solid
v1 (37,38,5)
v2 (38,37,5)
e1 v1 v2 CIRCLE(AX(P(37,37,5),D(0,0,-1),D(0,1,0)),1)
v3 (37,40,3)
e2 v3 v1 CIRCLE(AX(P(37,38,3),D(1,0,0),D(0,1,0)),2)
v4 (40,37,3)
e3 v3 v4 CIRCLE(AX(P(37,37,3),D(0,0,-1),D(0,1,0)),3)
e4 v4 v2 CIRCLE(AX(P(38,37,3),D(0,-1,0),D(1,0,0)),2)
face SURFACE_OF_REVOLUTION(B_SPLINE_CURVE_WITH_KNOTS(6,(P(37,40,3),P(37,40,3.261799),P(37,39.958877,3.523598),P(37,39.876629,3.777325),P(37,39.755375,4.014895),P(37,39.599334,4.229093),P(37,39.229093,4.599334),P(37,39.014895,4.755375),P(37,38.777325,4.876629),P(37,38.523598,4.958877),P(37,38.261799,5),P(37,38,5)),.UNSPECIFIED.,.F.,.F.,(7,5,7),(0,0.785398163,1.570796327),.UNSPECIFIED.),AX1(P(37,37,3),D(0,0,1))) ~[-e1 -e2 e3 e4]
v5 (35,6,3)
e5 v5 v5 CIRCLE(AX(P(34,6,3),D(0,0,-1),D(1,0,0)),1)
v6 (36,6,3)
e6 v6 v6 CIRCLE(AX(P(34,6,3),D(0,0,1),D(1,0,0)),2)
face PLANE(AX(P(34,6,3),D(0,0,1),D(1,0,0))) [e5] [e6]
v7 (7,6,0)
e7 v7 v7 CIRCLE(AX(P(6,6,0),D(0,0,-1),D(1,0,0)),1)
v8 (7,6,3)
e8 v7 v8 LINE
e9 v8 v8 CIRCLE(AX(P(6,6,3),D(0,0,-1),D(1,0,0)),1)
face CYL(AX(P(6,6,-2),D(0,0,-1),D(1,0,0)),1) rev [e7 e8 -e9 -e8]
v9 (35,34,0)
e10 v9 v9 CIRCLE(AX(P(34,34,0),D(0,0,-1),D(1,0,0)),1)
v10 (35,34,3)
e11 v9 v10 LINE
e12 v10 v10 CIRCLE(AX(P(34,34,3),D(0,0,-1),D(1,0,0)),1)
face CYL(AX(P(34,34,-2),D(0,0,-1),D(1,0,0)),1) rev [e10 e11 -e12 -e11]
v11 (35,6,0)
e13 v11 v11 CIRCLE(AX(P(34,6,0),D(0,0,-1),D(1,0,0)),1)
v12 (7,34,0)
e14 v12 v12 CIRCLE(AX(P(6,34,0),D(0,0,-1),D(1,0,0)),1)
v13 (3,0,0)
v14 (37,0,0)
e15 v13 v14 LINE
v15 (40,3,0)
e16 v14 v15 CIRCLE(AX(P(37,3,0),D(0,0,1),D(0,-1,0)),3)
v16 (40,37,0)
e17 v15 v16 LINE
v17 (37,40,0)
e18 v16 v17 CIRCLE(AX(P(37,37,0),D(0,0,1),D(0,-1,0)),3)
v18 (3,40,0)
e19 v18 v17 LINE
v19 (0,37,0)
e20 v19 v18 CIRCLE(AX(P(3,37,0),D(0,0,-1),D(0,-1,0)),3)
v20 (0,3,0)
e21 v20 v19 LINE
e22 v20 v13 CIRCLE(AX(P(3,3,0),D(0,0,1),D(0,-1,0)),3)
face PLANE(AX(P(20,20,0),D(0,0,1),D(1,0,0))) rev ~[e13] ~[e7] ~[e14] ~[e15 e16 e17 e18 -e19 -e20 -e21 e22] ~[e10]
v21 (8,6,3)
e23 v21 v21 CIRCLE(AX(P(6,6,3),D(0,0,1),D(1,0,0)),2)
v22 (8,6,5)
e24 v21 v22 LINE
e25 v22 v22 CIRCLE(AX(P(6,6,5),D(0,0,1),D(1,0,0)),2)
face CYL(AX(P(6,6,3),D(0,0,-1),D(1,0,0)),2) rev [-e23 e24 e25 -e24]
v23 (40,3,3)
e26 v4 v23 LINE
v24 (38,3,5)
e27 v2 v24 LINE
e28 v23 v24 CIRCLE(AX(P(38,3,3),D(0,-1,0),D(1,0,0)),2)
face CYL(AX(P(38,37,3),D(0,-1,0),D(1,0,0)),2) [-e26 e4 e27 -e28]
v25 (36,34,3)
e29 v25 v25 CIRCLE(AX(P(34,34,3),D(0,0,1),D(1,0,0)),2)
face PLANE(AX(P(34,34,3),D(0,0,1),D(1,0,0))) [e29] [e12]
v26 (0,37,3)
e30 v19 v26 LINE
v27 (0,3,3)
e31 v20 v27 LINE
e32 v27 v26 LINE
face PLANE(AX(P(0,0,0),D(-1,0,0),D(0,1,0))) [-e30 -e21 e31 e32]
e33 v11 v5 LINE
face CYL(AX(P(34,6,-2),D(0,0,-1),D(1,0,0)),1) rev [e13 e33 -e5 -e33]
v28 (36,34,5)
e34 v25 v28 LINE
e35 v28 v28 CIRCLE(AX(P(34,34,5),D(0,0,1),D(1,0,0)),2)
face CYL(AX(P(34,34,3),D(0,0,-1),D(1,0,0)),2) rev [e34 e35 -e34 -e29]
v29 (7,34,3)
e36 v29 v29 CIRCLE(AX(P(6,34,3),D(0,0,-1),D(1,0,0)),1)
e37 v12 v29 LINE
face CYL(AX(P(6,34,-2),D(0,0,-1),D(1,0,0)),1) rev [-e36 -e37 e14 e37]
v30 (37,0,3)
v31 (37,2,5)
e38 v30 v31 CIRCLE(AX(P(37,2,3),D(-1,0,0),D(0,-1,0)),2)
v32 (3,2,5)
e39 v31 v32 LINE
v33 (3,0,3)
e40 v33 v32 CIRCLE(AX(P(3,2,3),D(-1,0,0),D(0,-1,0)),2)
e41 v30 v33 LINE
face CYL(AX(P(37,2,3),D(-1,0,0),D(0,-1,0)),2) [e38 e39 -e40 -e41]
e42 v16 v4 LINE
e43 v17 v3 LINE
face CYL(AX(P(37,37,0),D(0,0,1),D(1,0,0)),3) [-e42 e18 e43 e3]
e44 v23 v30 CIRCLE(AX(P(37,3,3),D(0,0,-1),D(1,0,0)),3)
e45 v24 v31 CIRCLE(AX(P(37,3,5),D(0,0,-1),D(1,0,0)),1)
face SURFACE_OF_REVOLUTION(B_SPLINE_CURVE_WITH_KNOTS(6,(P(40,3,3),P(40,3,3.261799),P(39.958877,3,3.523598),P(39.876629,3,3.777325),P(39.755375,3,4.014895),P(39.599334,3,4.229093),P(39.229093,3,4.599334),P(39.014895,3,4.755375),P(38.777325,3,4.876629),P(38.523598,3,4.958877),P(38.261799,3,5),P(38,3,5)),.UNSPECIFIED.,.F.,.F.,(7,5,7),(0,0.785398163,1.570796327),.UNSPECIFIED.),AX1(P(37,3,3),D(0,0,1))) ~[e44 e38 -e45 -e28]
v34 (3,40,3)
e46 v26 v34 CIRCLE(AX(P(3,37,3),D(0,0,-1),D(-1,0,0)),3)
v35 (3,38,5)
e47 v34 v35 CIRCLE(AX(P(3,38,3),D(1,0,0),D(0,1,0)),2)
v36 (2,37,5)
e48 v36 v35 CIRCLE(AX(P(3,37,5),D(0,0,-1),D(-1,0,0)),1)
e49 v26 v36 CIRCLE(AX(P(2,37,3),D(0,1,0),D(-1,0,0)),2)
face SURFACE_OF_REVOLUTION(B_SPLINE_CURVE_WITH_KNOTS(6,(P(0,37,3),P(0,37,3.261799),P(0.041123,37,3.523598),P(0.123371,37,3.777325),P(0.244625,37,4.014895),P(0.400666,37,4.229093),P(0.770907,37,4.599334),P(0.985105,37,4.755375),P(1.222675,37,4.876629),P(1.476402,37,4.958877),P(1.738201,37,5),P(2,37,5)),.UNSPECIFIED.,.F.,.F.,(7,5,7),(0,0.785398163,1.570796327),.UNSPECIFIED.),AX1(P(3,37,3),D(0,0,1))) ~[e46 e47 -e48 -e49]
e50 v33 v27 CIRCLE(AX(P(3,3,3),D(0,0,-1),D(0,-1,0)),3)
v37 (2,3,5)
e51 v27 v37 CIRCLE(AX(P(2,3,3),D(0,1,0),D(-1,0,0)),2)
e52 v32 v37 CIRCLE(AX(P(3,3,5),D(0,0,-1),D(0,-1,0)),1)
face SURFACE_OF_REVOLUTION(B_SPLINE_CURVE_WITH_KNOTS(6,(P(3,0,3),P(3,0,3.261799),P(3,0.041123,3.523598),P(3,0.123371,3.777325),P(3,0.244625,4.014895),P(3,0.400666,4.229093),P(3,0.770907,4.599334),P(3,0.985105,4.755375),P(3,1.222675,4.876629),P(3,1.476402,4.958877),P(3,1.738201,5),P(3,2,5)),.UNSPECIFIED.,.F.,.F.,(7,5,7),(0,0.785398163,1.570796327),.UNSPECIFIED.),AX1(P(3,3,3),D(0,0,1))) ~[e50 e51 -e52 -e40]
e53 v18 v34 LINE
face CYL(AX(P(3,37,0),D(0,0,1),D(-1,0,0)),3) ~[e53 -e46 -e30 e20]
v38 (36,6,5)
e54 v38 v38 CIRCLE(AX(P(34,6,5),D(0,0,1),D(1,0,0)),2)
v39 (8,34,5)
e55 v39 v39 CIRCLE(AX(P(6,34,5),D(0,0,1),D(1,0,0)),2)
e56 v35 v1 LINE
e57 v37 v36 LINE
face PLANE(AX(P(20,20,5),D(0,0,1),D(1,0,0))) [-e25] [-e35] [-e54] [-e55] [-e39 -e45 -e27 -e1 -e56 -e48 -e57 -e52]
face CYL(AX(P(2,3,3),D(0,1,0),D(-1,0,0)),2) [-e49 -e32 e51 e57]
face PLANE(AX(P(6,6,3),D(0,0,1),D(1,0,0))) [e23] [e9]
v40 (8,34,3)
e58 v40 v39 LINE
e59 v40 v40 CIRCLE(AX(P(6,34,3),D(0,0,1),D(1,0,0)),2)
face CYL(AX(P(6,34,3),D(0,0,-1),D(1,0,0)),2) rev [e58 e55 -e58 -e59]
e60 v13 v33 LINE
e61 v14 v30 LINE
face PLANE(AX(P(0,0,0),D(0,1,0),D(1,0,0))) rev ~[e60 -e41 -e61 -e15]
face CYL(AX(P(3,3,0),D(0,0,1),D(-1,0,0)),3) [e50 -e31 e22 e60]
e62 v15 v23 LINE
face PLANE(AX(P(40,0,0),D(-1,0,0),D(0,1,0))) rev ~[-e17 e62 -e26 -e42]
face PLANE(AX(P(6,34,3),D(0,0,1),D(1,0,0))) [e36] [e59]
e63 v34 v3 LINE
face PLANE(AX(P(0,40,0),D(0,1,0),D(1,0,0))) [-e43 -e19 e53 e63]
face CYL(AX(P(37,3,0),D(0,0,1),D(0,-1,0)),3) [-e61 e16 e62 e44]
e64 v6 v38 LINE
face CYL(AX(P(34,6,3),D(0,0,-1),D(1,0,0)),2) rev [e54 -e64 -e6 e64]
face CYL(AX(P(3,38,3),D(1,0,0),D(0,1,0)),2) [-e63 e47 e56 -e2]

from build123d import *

# Parameters (mm, degrees)
CYLINDER002_R     = 2
CYLINDER002_DEPTH = 2
ARRAY001_X_COUNT  = 2
ARRAY001_X_PITCH  = 28
ARRAY001_Y_COUNT  = 2
ARRAY001_Y_PITCH  = 28
CYLINDER001_R     = 1
CYLINDER001_DEPTH = 10
ARRAY_X_COUNT     = 2
ARRAY_X_PITCH     = 28
ARRAY_Y_COUNT     = 2
ARRAY_Y_PITCH     = 28
BOX_W             = 40
BOX_H             = 40
BOX_DEPTH         = 5
FILLET_R          = 3
FILLET001_R       = 2


with BuildPart() as array001:
    # Cylinder002 → Cylinder002 (new body)
    with BuildSketch(Plane(origin=(6, 6, 3), x_dir=(1, 0, 0), z_dir=(0, 0, 1))):
        Circle(CYLINDER002_R)
    extrude(amount=CYLINDER002_DEPTH)

    # Array001 X: Array001 ×2


with BuildPart() as array001_1:
    add(array001.part)
    with Locations(*[(i * ARRAY001_X_PITCH, 0, 0) for i in range(1, ARRAY001_X_COUNT)]):
        add(array001.part)

    # Array001 Y: Array001 ×2


with BuildPart() as array001_2:
    add(array001_1.part)
    with Locations(*[(0, i * ARRAY001_Y_PITCH, 0) for i in range(1, ARRAY001_Y_COUNT)]):
        add(array001_1.part)


with BuildPart() as array:
    # Cylinder001 → Cylinder001 (new body)
    with BuildSketch(Plane(origin=(6, 6, -2), x_dir=(1, 0, 0), z_dir=(0, 0, 1))):
        Circle(CYLINDER001_R)
    extrude(amount=CYLINDER001_DEPTH)

    # Array X: Array ×2


with BuildPart() as array_1:
    add(array.part)
    with Locations(*[(i * ARRAY_X_PITCH, 0, 0) for i in range(1, ARRAY_X_COUNT)]):
        add(array.part)

    # Array Y: Array ×2


with BuildPart() as array_2:
    add(array_1.part)
    with Locations(*[(0, i * ARRAY_Y_PITCH, 0) for i in range(1, ARRAY_Y_COUNT)]):
        add(array_1.part)


with BuildPart() as cut002:
    # Box → Box (new body)
    with BuildSketch(Plane.XY):
        with Locations((20, 20)):
            Rectangle(BOX_W, BOX_H)
    extrude(amount=BOX_DEPTH)

    # Fillet
    fillet_edges = [cut002.edges().sort_by_distance(p)[0] for p in [
        (0, 0, 2.5),
        (0, 40, 2.5),
        (40, 0, 2.5),
        (40, 40, 2.5),
    ]]
    fillet(fillet_edges, radius=FILLET_R)

    # Fillet001
    fillet001_edges = [cut002.edges().sort_by_distance(p)[0] for p in [
        (0, 20, 5),
        (0.87868, 0.87868, 5),
        (0.87868, 39.12132, 5),
        (20, 0, 5),
        (20, 40, 5),
        (39.12132, 0.87868, 5),
        (39.12132, 39.12132, 5),
        (40, 20, 5),
    ]]
    fillet(fillet001_edges, radius=FILLET001_R)

    # Cut001: cut Array
    add(array_2.part, mode=Mode.SUBTRACT)

    # Cut002: cut Array001
    add(array001_2.part, mode=Mode.SUBTRACT)


solid = cut002.part
